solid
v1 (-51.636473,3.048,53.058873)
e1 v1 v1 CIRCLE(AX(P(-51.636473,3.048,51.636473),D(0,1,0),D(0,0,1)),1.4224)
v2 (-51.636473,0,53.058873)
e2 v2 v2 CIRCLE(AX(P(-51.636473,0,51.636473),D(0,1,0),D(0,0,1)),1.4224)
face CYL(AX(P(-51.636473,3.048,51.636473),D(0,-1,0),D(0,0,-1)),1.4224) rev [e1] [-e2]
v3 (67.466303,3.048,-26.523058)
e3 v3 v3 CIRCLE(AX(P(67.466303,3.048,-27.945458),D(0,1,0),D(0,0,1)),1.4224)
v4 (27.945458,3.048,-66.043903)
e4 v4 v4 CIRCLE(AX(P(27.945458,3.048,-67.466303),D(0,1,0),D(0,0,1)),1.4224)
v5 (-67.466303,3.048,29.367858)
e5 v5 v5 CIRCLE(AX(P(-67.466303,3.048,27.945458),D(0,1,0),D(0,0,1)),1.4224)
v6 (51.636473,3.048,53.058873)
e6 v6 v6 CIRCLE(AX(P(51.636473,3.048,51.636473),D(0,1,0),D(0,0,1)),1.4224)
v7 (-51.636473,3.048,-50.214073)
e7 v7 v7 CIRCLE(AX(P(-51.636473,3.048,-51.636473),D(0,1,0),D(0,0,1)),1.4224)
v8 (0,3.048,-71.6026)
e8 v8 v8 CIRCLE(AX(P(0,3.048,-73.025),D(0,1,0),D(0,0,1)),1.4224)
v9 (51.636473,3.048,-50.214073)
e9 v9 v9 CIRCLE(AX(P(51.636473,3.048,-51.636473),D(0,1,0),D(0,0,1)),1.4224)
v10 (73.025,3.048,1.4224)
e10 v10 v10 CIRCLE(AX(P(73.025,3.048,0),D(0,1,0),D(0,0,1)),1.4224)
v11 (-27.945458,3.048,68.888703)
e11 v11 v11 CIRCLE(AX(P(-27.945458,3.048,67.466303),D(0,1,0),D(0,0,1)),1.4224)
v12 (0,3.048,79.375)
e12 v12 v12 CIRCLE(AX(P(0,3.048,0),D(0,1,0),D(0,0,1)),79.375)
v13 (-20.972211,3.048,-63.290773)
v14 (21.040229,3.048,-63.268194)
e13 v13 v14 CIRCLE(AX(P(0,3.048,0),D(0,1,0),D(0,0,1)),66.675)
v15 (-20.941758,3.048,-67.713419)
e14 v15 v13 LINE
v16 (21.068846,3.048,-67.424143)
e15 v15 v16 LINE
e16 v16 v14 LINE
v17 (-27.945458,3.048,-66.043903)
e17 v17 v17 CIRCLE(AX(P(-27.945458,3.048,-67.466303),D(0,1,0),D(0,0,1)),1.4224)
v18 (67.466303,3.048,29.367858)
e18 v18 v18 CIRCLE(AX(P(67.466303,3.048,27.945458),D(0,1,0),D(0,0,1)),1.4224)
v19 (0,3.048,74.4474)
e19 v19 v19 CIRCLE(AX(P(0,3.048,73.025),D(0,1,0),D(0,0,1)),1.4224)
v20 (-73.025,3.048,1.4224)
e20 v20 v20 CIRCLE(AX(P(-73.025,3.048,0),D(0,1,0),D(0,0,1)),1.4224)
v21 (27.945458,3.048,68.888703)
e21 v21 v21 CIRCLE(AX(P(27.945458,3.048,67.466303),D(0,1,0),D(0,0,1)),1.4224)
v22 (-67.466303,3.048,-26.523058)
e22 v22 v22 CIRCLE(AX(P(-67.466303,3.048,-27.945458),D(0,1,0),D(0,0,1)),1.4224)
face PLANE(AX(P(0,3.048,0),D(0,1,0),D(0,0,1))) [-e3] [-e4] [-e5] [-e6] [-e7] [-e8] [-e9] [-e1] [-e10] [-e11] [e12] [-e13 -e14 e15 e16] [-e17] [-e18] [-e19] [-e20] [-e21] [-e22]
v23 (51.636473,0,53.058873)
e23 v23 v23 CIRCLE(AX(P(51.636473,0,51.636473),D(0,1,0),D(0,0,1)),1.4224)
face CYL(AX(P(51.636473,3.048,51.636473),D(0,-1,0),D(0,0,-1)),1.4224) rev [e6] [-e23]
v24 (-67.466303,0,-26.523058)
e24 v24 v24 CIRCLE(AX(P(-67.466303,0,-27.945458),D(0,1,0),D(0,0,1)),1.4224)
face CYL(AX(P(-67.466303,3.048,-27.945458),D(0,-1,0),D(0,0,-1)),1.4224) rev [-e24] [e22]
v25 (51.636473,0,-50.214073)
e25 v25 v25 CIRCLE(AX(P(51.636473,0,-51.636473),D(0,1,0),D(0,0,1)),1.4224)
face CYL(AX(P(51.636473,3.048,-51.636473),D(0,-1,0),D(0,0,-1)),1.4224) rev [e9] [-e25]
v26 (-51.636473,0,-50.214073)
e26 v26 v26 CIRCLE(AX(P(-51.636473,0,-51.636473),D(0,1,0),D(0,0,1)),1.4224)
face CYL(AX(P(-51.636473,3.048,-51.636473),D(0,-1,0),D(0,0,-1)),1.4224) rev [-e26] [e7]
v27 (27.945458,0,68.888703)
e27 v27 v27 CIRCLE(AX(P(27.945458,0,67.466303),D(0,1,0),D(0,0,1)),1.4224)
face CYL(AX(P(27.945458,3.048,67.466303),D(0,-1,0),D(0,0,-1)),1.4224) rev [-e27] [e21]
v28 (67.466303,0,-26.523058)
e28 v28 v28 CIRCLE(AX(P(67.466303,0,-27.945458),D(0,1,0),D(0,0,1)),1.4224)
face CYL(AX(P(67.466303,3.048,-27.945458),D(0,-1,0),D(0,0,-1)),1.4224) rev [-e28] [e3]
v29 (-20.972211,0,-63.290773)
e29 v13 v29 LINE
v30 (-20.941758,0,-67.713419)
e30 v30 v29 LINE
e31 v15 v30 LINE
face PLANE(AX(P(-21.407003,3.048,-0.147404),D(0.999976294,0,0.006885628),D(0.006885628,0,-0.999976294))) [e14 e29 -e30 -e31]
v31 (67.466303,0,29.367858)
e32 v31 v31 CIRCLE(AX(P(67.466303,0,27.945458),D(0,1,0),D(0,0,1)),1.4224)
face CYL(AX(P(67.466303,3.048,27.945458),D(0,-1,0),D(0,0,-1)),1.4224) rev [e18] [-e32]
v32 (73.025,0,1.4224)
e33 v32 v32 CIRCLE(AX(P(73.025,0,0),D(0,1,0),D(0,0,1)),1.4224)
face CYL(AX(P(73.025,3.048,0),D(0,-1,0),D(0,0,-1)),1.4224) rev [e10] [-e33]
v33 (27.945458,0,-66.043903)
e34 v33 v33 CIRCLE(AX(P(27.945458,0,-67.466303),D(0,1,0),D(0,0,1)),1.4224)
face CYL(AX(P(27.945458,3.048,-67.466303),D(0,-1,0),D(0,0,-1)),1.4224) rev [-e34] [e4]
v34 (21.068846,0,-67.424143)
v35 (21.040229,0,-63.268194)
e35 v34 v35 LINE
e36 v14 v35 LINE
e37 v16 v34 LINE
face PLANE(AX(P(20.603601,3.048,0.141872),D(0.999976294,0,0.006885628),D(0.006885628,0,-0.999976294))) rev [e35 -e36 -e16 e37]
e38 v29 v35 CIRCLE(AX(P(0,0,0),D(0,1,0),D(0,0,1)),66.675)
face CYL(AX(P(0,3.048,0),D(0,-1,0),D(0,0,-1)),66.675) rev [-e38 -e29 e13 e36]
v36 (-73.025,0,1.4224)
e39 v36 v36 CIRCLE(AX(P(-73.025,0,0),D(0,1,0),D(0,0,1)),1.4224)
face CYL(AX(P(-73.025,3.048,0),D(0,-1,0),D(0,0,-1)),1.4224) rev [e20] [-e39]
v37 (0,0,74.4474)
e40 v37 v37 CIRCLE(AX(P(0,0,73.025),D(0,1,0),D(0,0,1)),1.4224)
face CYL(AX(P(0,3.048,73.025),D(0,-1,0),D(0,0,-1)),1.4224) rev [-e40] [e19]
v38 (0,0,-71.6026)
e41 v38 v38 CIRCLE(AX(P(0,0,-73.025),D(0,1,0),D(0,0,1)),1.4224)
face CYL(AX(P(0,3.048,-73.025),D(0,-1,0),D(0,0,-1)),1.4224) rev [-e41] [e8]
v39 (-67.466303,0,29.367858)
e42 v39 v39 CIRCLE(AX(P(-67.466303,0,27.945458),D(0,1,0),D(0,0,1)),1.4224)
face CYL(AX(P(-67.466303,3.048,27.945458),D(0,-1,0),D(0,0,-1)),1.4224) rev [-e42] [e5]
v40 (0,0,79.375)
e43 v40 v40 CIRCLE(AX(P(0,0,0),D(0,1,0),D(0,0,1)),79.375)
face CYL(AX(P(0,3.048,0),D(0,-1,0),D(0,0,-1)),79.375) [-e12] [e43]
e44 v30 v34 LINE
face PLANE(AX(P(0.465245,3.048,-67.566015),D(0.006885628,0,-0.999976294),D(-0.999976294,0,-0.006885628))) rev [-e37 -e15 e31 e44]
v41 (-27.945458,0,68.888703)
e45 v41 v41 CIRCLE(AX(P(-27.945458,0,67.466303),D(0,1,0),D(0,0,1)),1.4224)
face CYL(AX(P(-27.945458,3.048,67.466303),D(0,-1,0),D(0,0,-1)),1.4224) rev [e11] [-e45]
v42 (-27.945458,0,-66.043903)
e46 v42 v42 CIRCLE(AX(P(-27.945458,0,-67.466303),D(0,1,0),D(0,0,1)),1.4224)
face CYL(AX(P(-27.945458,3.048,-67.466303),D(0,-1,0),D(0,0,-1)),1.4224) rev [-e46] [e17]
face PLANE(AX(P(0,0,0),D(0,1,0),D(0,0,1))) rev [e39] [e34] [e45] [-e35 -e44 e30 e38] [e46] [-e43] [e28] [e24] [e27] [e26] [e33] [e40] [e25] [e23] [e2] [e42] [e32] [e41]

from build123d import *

# Parameters (mm, degrees)
SKETCH2_R           = 79.375
SKETCH2_R_2         = 66.675
SKETCH2_R_3         = 1.4224
BOSS_EXTRUDE1_DEPTH = 3.048
CUT_EXTRUDE2_DEPTH  = 4.048


with BuildPart() as part:
    # Sketch2 → Boss-Extrude1 (new body)
    with BuildSketch(Plane(origin=(0, 0, 0), x_dir=(1, 0, 0), z_dir=(0, 1, 0))):
        Circle(SKETCH2_R)
        Circle(SKETCH2_R_2, mode=Mode.SUBTRACT)
        with Locations((0, 73.025)):
            Circle(SKETCH2_R_3, mode=Mode.SUBTRACT)
        with Locations((27.945457648, 67.466302862)):
            Circle(SKETCH2_R_3, mode=Mode.SUBTRACT)
        with Locations((51.636472696, 51.636472696)):
            Circle(SKETCH2_R_3, mode=Mode.SUBTRACT)
        with Locations((67.466302862, 27.945457648)):
            Circle(SKETCH2_R_3, mode=Mode.SUBTRACT)
        with Locations((73.025, 0)):
            Circle(SKETCH2_R_3, mode=Mode.SUBTRACT)
        with Locations((67.466302862, -27.945457648)):
            Circle(SKETCH2_R_3, mode=Mode.SUBTRACT)
        with Locations((51.636472696, -51.636472696)):
            Circle(SKETCH2_R_3, mode=Mode.SUBTRACT)
        with Locations((27.945457648, -67.466302862)):
            Circle(SKETCH2_R_3, mode=Mode.SUBTRACT)
        with Locations((0, -73.025)):
            Circle(SKETCH2_R_3, mode=Mode.SUBTRACT)
        with Locations((-27.945457648, -67.466302862)):
            Circle(SKETCH2_R_3, mode=Mode.SUBTRACT)
        with Locations((-51.636472696, -51.636472696)):
            Circle(SKETCH2_R_3, mode=Mode.SUBTRACT)
        with Locations((-67.466302862, -27.945457648)):
            Circle(SKETCH2_R_3, mode=Mode.SUBTRACT)
        with Locations((-73.025, 0)):
            Circle(SKETCH2_R_3, mode=Mode.SUBTRACT)
        with Locations((-67.466302862, 27.945457648)):
            Circle(SKETCH2_R_3, mode=Mode.SUBTRACT)
        with Locations((-51.636472696, 51.636472696)):
            Circle(SKETCH2_R_3, mode=Mode.SUBTRACT)
        with Locations((-27.945457648, 67.466302862)):
            Circle(SKETCH2_R_3, mode=Mode.SUBTRACT)
    extrude(amount=BOSS_EXTRUDE1_DEPTH)

    # Sketch5 → Cut-Extrude2 (cut, through all)
    with BuildSketch(Plane(origin=(0, 0, 0), x_dir=(-1, 0, 0), z_dir=(0, -1, 0))):
        with BuildLine():
            Line((20.972211437, 63.290773202), (20.941758021, 67.713419083))
            Line((20.941758021, 67.713419083), (-21.068846043, 67.42414284))
            Line((-21.068846043, 67.42414284), (-21.040229048, 63.268194115))
            ThreePointArc((-21.040229048, 63.268194115), (-0.03583368, 66.674990371), (20.972211437, 63.290773202))
        make_face()
    extrude(amount=-CUT_EXTRUDE2_DEPTH, mode=Mode.SUBTRACT)


solid = part.part
